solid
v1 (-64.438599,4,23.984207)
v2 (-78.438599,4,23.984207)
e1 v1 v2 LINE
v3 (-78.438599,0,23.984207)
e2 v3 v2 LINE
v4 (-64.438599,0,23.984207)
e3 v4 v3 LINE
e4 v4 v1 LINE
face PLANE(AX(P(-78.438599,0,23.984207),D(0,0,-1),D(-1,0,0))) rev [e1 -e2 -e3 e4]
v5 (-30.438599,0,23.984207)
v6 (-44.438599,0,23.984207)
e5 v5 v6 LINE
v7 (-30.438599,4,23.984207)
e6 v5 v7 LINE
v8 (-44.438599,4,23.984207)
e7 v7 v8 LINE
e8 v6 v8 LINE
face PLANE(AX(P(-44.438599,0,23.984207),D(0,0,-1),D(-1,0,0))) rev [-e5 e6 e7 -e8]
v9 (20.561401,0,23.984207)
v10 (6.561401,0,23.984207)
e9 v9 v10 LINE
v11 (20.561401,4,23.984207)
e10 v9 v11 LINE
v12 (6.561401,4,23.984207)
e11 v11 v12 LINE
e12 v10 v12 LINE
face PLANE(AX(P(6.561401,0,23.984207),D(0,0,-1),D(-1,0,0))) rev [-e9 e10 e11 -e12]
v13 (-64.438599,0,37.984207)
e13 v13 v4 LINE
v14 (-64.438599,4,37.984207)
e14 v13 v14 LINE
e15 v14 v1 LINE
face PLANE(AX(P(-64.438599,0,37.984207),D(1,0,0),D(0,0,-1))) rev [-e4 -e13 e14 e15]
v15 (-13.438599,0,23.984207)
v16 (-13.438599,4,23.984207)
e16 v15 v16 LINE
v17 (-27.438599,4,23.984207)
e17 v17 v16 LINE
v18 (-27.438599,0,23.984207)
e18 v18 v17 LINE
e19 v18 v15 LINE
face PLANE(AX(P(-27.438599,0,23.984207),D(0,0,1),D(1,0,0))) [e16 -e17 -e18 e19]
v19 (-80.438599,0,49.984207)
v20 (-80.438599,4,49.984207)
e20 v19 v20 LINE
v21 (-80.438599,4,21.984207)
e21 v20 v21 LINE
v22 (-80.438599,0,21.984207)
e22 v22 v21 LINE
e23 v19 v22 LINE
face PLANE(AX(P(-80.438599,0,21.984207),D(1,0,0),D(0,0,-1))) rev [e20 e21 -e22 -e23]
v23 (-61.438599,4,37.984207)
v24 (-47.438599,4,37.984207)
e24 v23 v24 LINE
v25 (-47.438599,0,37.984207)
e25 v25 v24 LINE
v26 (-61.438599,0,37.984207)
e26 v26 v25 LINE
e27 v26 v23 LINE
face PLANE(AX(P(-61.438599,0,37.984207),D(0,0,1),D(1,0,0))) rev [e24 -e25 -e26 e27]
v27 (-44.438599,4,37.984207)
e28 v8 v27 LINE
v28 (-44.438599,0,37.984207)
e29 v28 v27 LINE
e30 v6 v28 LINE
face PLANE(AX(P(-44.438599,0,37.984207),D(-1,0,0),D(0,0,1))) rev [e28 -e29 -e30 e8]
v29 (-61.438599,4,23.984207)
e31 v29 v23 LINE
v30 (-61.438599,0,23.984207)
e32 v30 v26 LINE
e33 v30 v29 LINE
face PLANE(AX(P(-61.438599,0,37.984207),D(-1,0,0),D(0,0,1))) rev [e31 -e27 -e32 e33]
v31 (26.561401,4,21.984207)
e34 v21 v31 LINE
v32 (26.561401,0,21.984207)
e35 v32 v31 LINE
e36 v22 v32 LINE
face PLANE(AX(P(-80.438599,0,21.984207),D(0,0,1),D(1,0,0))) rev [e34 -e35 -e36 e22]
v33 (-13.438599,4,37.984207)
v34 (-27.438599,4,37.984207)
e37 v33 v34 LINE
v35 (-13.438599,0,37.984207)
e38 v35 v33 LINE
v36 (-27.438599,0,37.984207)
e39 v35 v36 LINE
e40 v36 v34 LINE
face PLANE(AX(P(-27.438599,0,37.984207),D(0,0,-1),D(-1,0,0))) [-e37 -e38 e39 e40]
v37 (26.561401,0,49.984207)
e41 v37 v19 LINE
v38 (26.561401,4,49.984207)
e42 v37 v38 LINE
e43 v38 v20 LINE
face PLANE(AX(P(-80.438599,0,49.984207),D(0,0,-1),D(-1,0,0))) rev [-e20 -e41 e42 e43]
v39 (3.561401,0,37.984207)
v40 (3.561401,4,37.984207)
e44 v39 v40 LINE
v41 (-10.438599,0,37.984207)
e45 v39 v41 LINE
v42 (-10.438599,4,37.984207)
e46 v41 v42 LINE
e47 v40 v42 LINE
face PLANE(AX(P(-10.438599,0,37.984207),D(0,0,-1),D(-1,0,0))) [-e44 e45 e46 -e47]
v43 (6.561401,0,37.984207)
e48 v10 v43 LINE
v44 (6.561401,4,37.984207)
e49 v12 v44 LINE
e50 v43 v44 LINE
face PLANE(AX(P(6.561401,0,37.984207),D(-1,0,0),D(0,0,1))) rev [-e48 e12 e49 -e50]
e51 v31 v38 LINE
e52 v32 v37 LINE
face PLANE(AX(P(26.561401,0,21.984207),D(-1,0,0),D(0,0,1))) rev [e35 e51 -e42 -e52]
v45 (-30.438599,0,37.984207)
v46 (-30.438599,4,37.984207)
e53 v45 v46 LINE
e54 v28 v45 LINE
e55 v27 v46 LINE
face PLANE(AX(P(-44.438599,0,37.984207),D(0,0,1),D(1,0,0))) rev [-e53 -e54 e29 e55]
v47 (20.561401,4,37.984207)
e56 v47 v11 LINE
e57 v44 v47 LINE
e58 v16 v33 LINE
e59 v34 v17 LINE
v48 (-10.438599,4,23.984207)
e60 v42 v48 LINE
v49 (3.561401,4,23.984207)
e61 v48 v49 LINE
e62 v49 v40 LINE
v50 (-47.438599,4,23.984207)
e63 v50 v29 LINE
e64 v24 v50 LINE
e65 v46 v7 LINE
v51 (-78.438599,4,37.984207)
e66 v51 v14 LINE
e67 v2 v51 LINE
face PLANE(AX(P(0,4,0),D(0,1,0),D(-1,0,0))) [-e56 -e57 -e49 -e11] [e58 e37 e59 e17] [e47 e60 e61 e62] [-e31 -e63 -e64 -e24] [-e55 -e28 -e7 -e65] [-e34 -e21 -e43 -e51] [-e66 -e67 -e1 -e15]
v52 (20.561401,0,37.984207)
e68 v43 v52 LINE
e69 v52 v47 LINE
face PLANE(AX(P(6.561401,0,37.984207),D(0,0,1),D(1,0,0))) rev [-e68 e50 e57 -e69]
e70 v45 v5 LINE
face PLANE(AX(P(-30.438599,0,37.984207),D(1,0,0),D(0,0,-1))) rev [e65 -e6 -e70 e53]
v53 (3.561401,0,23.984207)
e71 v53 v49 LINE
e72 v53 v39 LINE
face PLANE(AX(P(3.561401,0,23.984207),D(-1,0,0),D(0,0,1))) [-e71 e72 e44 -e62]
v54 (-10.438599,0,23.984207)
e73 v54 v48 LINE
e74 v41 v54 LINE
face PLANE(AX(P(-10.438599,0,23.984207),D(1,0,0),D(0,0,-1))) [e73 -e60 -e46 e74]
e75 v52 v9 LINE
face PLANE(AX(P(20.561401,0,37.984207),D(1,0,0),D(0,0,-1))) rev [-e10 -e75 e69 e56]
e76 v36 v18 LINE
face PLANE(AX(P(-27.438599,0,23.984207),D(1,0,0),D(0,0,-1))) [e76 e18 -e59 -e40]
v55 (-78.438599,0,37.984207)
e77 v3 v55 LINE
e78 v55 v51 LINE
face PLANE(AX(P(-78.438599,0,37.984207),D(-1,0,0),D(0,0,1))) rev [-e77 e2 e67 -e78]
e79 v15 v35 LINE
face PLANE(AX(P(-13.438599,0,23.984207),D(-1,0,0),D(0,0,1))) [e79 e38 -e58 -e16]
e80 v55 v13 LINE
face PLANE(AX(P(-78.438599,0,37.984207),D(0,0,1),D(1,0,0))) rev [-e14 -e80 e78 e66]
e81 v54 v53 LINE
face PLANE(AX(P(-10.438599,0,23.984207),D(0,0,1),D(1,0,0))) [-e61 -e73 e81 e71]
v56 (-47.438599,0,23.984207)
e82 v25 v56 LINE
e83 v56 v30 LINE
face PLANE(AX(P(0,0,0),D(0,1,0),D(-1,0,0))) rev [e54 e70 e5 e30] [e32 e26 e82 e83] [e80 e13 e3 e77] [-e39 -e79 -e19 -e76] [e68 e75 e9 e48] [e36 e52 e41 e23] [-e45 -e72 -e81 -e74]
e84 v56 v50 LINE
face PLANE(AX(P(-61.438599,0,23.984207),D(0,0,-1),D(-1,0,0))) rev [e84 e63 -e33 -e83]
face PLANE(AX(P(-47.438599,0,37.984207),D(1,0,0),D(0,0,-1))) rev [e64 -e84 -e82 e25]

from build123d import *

# Parameters (mm, degrees)
EXTRUDE_1_DEPTH = 4


with BuildPart() as part:
    # Sketch 1 → Бобышка-Вытянуть1 (new body)
    with BuildSketch(Plane(origin=(26.561401347, 0, 21.984207178), x_dir=(-0.9674249636260779, -8.775997465141552e-15, 0.25315793440672957), z_dir=(0, 1, 0))):
        Polygon((0, 0), (7.088422163, 27.087898982), (110.602893271, 0), (103.514471108, -27.087898982), align=None)
        Polygon((9.855076732, 13.959851812), (6.310865651, 0.415902321), (19.854815141, -3.128308761), (23.399026223, 10.41564073), align=None, mode=Mode.SUBTRACT)
        Polygon((105.630148131, -11.102783695), (102.08593705, -24.646733185), (88.541987559, -21.102522104), (92.08619864, -7.558572613), align=None, mode=Mode.SUBTRACT)
        Polygon((89.18392375, -6.79909881), (85.639712668, -20.343048301), (72.095763177, -16.798837219), (75.639974259, -3.254887728), align=None, mode=Mode.SUBTRACT)
        Polygon((69.193488286, -16.039363416), (55.649538795, -12.495152334), (59.193749877, 1.048797157), (72.737699368, -2.495413925), align=None, mode=Mode.SUBTRACT)
        Polygon((52.747263905, -11.735678531), (56.291474986, 1.80827096), (42.747525496, 5.352482042), (39.203314414, -8.191467449), align=None, mode=Mode.SUBTRACT)
        Polygon((39.845250605, 6.111955845), (26.301301114, 9.656166927), (22.757090032, -3.887782564), (36.301039523, -7.431993646), align=None, mode=Mode.SUBTRACT)
    extrude(amount=EXTRUDE_1_DEPTH)


solid = part.part
